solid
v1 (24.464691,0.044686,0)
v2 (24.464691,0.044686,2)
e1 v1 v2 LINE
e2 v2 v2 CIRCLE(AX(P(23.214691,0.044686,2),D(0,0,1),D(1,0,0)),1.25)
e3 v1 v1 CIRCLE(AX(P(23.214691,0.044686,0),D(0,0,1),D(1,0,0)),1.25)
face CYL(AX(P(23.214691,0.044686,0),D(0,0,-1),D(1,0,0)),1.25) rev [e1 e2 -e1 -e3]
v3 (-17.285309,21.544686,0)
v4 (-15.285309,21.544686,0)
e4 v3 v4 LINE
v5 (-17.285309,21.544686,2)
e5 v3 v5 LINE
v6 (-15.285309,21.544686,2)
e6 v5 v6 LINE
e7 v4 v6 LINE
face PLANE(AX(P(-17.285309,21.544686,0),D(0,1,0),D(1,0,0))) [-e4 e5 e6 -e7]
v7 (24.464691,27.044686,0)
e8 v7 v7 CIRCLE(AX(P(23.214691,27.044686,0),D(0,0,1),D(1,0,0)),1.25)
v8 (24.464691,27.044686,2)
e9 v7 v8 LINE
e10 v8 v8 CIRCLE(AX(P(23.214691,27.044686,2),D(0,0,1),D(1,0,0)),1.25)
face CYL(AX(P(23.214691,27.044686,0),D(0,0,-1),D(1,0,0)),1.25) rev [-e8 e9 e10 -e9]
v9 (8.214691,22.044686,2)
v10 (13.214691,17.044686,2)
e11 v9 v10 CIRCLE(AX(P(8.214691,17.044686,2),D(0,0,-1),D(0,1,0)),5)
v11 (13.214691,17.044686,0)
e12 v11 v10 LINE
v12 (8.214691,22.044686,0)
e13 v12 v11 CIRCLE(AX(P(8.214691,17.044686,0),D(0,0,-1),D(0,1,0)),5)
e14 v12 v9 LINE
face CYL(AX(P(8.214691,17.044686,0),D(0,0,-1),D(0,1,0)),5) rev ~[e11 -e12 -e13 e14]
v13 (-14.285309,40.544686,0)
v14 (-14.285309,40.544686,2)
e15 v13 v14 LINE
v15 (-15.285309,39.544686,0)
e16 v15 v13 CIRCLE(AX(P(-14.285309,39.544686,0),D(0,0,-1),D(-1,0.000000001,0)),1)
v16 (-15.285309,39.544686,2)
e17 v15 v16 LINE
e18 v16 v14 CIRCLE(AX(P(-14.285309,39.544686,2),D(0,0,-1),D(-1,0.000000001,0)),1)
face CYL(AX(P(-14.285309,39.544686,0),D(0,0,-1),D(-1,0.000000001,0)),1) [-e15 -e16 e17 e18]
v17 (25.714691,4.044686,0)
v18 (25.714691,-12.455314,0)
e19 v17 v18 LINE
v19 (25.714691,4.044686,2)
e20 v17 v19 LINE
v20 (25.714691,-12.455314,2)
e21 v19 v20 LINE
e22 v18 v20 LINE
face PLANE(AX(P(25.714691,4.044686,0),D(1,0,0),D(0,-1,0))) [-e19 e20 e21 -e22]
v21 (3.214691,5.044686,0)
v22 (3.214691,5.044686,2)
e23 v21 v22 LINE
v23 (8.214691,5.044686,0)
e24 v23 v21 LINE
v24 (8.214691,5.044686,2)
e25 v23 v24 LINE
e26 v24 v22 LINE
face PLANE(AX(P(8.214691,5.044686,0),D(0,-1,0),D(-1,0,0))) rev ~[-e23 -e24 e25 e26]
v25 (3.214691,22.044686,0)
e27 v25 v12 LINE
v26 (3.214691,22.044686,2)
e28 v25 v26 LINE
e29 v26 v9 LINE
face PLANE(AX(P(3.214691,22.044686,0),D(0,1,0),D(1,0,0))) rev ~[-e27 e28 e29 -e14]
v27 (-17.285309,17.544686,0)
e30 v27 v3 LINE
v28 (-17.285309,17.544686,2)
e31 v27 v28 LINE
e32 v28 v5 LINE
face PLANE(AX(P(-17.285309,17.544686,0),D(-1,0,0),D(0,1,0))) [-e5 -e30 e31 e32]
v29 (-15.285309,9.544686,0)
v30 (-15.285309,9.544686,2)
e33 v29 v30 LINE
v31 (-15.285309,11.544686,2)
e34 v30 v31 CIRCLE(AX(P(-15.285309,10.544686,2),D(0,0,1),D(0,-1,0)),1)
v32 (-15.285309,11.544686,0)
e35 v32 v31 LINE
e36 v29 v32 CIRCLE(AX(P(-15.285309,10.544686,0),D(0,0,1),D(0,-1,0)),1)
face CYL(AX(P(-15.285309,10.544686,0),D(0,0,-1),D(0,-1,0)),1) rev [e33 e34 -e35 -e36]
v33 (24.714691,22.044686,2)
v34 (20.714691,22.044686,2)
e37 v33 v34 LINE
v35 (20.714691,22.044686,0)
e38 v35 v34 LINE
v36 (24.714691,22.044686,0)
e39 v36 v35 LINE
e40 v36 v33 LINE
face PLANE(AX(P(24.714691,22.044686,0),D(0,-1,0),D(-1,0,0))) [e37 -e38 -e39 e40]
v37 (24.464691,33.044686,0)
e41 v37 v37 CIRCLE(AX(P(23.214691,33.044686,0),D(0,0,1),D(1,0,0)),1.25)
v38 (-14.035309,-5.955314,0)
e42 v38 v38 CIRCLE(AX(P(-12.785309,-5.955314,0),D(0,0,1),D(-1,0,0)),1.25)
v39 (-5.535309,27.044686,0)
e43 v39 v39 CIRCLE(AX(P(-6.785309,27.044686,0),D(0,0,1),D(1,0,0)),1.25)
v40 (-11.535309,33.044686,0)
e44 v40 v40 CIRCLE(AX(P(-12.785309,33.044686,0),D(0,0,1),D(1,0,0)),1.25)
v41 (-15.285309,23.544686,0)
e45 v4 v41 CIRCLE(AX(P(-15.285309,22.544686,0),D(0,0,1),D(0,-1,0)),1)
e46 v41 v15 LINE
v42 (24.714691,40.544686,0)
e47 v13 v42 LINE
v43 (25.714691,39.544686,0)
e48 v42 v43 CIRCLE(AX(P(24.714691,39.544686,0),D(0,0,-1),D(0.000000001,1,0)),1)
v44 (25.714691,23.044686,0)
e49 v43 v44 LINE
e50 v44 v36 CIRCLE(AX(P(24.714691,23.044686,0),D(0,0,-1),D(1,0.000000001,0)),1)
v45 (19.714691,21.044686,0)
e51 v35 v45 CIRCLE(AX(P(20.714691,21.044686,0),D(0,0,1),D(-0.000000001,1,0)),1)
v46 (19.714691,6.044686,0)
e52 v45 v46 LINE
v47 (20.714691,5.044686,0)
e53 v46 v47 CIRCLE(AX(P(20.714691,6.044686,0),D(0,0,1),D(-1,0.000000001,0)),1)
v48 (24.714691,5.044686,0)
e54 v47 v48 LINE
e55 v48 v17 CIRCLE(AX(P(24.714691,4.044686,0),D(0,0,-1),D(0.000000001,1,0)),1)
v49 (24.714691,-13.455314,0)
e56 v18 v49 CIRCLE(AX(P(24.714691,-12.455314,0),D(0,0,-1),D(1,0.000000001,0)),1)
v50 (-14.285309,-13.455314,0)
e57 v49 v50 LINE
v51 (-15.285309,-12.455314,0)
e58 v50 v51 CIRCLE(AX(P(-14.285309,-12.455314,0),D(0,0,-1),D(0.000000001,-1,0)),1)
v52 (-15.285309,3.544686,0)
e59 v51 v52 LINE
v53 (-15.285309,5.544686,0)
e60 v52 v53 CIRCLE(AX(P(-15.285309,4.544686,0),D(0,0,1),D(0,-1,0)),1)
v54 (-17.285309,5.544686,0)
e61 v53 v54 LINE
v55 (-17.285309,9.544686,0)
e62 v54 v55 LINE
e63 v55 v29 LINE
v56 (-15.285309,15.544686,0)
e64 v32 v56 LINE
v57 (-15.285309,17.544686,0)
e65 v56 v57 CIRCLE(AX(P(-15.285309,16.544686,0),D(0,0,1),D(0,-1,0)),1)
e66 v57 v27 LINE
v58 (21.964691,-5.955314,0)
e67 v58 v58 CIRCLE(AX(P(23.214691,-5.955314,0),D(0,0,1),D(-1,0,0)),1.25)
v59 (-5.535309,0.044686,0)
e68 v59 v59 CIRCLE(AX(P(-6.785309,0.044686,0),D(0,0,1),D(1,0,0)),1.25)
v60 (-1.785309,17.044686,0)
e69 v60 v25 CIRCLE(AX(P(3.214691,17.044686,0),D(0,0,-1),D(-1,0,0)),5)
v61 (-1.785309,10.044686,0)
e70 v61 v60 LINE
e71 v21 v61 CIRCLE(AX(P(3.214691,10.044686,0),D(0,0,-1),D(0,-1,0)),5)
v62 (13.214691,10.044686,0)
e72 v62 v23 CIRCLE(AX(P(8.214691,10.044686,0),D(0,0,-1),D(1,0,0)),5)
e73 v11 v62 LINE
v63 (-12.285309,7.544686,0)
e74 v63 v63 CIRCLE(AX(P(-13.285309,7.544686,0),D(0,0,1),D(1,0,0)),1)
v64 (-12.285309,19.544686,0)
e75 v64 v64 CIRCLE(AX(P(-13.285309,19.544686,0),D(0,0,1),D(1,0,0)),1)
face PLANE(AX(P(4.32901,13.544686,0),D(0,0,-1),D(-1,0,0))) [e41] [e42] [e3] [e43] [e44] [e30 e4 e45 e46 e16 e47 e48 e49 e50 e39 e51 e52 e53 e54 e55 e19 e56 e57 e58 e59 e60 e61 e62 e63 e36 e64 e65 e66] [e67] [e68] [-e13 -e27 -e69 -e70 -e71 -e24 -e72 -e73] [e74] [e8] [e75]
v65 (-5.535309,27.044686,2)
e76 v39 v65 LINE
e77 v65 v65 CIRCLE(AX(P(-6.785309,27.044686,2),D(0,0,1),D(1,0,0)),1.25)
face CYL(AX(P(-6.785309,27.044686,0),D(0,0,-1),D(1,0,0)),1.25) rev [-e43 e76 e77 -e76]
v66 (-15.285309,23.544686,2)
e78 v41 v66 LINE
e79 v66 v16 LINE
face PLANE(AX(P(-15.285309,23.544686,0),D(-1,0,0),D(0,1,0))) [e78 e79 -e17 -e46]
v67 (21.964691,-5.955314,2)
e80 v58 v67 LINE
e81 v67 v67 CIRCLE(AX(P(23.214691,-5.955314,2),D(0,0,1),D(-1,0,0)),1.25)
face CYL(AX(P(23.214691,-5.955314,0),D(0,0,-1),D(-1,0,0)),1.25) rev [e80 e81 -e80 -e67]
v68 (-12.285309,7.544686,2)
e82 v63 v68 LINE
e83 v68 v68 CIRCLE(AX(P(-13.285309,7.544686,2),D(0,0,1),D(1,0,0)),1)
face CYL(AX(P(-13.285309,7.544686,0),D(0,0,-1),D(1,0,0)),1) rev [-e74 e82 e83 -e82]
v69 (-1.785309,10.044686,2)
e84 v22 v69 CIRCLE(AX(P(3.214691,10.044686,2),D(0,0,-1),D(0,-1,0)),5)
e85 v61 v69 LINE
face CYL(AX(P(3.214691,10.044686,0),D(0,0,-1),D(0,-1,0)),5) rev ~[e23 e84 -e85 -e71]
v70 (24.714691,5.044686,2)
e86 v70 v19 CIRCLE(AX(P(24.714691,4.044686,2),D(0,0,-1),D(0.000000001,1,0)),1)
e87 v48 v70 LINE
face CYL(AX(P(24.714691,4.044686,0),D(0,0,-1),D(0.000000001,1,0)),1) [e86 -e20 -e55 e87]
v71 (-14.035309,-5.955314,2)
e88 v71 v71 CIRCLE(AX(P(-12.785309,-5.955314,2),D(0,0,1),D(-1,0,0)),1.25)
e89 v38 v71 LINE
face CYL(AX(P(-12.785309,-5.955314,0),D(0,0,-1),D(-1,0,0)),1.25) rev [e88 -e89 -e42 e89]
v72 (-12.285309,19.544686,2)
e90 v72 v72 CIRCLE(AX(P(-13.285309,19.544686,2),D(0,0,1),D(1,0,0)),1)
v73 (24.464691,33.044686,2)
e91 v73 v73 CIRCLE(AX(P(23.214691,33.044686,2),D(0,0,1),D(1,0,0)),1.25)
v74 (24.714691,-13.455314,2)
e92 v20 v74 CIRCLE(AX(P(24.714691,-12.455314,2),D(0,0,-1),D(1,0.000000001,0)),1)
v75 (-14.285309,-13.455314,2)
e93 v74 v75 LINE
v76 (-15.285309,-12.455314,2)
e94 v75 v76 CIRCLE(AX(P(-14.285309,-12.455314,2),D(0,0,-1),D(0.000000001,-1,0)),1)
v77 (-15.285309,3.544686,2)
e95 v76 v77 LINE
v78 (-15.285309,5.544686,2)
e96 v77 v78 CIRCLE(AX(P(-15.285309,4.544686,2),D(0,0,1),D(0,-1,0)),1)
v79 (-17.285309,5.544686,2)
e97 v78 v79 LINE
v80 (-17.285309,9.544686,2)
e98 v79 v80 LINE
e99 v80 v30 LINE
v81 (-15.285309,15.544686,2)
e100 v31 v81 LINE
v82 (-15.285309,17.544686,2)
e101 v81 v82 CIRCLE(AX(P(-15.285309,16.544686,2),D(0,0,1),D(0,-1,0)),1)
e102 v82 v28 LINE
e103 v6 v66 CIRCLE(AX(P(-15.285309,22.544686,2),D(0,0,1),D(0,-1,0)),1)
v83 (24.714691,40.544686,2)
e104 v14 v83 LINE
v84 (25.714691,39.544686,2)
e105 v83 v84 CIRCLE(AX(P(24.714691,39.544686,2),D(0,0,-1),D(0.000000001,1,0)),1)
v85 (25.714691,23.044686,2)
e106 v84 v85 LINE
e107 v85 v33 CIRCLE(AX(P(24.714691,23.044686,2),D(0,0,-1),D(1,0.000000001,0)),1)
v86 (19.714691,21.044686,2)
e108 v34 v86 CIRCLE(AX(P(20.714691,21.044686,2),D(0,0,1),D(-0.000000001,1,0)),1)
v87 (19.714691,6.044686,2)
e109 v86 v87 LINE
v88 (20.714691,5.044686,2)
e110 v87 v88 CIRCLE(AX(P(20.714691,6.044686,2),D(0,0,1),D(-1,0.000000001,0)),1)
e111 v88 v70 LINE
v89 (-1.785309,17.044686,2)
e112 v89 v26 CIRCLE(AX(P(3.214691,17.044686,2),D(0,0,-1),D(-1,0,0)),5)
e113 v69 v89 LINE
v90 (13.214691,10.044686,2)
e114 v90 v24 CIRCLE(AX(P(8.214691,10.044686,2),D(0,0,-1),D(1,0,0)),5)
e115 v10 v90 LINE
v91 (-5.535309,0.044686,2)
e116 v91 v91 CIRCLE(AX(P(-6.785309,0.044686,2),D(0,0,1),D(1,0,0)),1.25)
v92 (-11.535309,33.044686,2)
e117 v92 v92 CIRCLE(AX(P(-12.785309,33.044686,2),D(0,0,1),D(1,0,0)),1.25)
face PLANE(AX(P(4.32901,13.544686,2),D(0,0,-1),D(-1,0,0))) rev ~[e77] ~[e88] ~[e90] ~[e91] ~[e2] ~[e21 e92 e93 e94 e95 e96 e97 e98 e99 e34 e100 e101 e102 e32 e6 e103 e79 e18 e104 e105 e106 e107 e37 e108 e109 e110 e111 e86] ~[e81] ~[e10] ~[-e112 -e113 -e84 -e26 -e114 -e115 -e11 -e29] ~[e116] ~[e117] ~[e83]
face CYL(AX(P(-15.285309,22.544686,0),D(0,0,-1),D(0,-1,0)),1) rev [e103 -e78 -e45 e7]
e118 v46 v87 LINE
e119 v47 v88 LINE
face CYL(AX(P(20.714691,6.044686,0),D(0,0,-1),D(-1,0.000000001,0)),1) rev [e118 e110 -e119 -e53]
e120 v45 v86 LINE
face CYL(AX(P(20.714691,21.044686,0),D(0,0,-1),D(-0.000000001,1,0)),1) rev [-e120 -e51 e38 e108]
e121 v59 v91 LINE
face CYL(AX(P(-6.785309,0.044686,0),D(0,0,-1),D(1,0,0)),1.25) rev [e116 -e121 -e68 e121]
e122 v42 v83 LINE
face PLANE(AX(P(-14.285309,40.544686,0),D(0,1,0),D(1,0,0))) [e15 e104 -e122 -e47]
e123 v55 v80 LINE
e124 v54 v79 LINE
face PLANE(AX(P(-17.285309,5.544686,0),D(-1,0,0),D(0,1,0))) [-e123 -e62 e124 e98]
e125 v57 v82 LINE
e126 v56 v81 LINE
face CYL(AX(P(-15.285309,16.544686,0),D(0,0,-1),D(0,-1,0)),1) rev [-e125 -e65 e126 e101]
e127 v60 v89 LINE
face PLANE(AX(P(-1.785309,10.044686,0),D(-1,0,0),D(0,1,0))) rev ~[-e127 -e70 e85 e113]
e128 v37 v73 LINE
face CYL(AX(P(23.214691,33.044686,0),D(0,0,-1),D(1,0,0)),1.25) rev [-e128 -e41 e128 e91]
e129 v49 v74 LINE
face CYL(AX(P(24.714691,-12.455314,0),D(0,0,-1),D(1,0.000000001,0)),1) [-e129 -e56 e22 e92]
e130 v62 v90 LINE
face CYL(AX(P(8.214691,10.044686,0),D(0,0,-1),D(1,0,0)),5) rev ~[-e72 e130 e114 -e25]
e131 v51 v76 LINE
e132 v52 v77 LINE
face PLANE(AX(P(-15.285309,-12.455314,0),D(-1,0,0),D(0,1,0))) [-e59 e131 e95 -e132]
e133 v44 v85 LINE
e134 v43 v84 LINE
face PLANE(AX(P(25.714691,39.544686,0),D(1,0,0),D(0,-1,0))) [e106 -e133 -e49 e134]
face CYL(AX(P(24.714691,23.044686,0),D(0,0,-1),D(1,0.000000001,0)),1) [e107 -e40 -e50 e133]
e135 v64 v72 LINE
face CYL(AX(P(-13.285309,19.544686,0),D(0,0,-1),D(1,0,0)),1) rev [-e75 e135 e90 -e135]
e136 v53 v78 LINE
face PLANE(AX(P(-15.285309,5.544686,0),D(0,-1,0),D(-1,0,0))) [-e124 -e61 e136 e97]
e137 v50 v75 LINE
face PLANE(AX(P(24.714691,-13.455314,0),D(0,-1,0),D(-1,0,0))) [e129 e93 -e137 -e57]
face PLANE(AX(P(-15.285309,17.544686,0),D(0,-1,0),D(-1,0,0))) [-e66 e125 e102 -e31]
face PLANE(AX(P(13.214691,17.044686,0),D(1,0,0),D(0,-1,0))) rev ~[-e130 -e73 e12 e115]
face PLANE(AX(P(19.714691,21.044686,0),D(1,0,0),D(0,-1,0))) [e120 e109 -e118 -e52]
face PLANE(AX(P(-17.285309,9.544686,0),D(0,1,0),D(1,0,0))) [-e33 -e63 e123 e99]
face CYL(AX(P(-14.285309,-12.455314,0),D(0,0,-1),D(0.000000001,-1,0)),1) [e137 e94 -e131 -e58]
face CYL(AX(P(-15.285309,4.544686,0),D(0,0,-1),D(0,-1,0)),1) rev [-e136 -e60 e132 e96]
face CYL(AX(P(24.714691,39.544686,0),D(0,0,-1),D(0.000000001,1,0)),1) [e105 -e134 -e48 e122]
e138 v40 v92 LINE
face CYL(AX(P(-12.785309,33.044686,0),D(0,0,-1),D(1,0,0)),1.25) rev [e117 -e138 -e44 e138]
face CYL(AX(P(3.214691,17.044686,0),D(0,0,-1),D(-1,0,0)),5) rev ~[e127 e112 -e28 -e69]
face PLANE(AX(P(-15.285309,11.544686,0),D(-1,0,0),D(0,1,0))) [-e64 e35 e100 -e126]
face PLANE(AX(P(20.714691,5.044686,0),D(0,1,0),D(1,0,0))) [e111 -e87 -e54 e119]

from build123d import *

# Parameters (mm, degrees)
SKETCH_1_R      = 1.25
SKETCH_1_R_2    = 1
EXTRUDE_1_DEPTH = 2


with BuildPart() as part:
    # 草圖1 → 填料-伸長1 (new body)
    with BuildSketch(Plane.XY):
        with BuildLine():
            Line((25.714690816, 4.04468624), (25.714690816, -0.95531376))
            Line((25.714690816, -0.95531376), (25.714690816, -12.45531376))
            ThreePointArc((25.714690816, -12.45531376), (25.421797597, -13.162420542), (24.714690816, -13.45531376))
            Line((24.714690816, -13.45531376), (-14.285309184, -13.45531376))
            ThreePointArc((-14.285309184, -13.45531376), (-14.992415965, -13.162420542), (-15.285309184, -12.45531376))
            Line((-15.285309184, -12.45531376), (-15.285309184, 3.54468624))
            ThreePointArc((-15.285309184, 3.54468624), (-14.285309184, 4.54468624), (-15.285309184, 5.54468624))
            Line((-15.285309184, 5.54468624), (-17.285309184, 5.54468624))
            Line((-17.285309184, 5.54468624), (-17.285309184, 9.54468624))
            Line((-17.285309184, 9.54468624), (-15.285309184, 9.54468624))
            ThreePointArc((-15.285309184, 9.54468624), (-14.285309184, 10.54468624), (-15.285309184, 11.54468624))
            Line((-15.285309184, 11.54468624), (-15.285309184, 15.54468624))
            ThreePointArc((-15.285309184, 15.54468624), (-14.285309184, 16.54468624), (-15.285309184, 17.54468624))
            Line((-15.285309184, 17.54468624), (-17.285309184, 17.54468624))
            Line((-17.285309184, 17.54468624), (-17.285309184, 21.54468624))
            Line((-17.285309184, 21.54468624), (-15.285309184, 21.54468624))
            ThreePointArc((-15.285309184, 21.54468624), (-14.285309184, 22.54468624), (-15.285309184, 23.54468624))
            Line((-15.285309184, 23.54468624), (-15.285309184, 39.54468624))
            ThreePointArc((-15.285309184, 39.54468624), (-14.992415965, 40.251793021), (-14.285309184, 40.54468624))
            Line((-14.285309184, 40.54468624), (24.714690816, 40.54468624))
            ThreePointArc((24.714690816, 40.54468624), (25.421797597, 40.251793021), (25.714690816, 39.54468624))
            Line((25.714690816, 39.54468624), (25.714690816, 28.54468624))
            Line((25.714690816, 28.54468624), (25.714690816, 23.04468624))
            ThreePointArc((25.714690816, 23.04468624), (25.421797597, 22.337579458), (24.714690816, 22.04468624))
            Line((24.714690816, 22.04468624), (20.714690816, 22.04468624))
            ThreePointArc((20.714690816, 22.04468624), (20.007584035, 21.751793021), (19.714690816, 21.04468624))
            Line((19.714690816, 21.04468624), (19.714690816, 6.04468624))
            ThreePointArc((19.714690816, 6.04468624), (20.007584035, 5.337579458), (20.714690816, 5.04468624))
            Line((20.714690816, 5.04468624), (24.714690816, 5.04468624))
            ThreePointArc((24.714690816, 5.04468624), (25.421797597, 4.751793021), (25.714690816, 4.04468624))
        make_face()
        with Locations((-6.785309184, 27.04468624)):
            Circle(SKETCH_1_R, mode=Mode.SUBTRACT)
        with Locations((23.214690816, 27.04468624)):
            Circle(SKETCH_1_R, mode=Mode.SUBTRACT)
        with Locations((-6.785309184, 0.04468624)):
            Circle(SKETCH_1_R, mode=Mode.SUBTRACT)
        with Locations((23.214690816, 0.04468624)):
            Circle(SKETCH_1_R, mode=Mode.SUBTRACT)
        with Locations((-12.785309184, 33.04468624)):
            Circle(SKETCH_1_R, mode=Mode.SUBTRACT)
        with Locations((23.214690816, 33.04468624)):
            Circle(SKETCH_1_R, mode=Mode.SUBTRACT)
        with Locations(Location((23.214690816, -5.95531376, 0), (0, 0, 180))):
            Circle(SKETCH_1_R, mode=Mode.SUBTRACT)
        with Locations(Location((-12.785309184, -5.95531376, 0), (0, 0, 180))):
            Circle(SKETCH_1_R, mode=Mode.SUBTRACT)
        with Locations((-13.285309184, 19.54468624)):
            Circle(SKETCH_1_R_2, mode=Mode.SUBTRACT)
        with Locations((-13.285309184, 7.54468624)):
            Circle(SKETCH_1_R_2, mode=Mode.SUBTRACT)
        with BuildLine():
            Line((3.214690816, 22.04468624), (8.214690816, 22.04468624))
            ThreePointArc((8.214690816, 22.04468624), (11.750224722, 20.580220146), (13.214690816, 17.04468624))
            Line((13.214690816, 17.04468624), (13.214690816, 10.04468624))
            ThreePointArc((13.214690816, 10.04468624), (11.750224722, 6.509152334), (8.214690816, 5.04468624))
            Line((8.214690816, 5.04468624), (3.214690816, 5.04468624))
            ThreePointArc((3.214690816, 5.04468624), (-0.32084309, 6.509152334), (-1.785309184, 10.04468624))
            Line((-1.785309184, 10.04468624), (-1.785309184, 17.04468624))
            ThreePointArc((-1.785309184, 17.04468624), (-0.32084309, 20.580220146), (3.214690816, 22.04468624))
        make_face(mode=Mode.SUBTRACT)
    extrude(amount=EXTRUDE_1_DEPTH)


solid = part.part
